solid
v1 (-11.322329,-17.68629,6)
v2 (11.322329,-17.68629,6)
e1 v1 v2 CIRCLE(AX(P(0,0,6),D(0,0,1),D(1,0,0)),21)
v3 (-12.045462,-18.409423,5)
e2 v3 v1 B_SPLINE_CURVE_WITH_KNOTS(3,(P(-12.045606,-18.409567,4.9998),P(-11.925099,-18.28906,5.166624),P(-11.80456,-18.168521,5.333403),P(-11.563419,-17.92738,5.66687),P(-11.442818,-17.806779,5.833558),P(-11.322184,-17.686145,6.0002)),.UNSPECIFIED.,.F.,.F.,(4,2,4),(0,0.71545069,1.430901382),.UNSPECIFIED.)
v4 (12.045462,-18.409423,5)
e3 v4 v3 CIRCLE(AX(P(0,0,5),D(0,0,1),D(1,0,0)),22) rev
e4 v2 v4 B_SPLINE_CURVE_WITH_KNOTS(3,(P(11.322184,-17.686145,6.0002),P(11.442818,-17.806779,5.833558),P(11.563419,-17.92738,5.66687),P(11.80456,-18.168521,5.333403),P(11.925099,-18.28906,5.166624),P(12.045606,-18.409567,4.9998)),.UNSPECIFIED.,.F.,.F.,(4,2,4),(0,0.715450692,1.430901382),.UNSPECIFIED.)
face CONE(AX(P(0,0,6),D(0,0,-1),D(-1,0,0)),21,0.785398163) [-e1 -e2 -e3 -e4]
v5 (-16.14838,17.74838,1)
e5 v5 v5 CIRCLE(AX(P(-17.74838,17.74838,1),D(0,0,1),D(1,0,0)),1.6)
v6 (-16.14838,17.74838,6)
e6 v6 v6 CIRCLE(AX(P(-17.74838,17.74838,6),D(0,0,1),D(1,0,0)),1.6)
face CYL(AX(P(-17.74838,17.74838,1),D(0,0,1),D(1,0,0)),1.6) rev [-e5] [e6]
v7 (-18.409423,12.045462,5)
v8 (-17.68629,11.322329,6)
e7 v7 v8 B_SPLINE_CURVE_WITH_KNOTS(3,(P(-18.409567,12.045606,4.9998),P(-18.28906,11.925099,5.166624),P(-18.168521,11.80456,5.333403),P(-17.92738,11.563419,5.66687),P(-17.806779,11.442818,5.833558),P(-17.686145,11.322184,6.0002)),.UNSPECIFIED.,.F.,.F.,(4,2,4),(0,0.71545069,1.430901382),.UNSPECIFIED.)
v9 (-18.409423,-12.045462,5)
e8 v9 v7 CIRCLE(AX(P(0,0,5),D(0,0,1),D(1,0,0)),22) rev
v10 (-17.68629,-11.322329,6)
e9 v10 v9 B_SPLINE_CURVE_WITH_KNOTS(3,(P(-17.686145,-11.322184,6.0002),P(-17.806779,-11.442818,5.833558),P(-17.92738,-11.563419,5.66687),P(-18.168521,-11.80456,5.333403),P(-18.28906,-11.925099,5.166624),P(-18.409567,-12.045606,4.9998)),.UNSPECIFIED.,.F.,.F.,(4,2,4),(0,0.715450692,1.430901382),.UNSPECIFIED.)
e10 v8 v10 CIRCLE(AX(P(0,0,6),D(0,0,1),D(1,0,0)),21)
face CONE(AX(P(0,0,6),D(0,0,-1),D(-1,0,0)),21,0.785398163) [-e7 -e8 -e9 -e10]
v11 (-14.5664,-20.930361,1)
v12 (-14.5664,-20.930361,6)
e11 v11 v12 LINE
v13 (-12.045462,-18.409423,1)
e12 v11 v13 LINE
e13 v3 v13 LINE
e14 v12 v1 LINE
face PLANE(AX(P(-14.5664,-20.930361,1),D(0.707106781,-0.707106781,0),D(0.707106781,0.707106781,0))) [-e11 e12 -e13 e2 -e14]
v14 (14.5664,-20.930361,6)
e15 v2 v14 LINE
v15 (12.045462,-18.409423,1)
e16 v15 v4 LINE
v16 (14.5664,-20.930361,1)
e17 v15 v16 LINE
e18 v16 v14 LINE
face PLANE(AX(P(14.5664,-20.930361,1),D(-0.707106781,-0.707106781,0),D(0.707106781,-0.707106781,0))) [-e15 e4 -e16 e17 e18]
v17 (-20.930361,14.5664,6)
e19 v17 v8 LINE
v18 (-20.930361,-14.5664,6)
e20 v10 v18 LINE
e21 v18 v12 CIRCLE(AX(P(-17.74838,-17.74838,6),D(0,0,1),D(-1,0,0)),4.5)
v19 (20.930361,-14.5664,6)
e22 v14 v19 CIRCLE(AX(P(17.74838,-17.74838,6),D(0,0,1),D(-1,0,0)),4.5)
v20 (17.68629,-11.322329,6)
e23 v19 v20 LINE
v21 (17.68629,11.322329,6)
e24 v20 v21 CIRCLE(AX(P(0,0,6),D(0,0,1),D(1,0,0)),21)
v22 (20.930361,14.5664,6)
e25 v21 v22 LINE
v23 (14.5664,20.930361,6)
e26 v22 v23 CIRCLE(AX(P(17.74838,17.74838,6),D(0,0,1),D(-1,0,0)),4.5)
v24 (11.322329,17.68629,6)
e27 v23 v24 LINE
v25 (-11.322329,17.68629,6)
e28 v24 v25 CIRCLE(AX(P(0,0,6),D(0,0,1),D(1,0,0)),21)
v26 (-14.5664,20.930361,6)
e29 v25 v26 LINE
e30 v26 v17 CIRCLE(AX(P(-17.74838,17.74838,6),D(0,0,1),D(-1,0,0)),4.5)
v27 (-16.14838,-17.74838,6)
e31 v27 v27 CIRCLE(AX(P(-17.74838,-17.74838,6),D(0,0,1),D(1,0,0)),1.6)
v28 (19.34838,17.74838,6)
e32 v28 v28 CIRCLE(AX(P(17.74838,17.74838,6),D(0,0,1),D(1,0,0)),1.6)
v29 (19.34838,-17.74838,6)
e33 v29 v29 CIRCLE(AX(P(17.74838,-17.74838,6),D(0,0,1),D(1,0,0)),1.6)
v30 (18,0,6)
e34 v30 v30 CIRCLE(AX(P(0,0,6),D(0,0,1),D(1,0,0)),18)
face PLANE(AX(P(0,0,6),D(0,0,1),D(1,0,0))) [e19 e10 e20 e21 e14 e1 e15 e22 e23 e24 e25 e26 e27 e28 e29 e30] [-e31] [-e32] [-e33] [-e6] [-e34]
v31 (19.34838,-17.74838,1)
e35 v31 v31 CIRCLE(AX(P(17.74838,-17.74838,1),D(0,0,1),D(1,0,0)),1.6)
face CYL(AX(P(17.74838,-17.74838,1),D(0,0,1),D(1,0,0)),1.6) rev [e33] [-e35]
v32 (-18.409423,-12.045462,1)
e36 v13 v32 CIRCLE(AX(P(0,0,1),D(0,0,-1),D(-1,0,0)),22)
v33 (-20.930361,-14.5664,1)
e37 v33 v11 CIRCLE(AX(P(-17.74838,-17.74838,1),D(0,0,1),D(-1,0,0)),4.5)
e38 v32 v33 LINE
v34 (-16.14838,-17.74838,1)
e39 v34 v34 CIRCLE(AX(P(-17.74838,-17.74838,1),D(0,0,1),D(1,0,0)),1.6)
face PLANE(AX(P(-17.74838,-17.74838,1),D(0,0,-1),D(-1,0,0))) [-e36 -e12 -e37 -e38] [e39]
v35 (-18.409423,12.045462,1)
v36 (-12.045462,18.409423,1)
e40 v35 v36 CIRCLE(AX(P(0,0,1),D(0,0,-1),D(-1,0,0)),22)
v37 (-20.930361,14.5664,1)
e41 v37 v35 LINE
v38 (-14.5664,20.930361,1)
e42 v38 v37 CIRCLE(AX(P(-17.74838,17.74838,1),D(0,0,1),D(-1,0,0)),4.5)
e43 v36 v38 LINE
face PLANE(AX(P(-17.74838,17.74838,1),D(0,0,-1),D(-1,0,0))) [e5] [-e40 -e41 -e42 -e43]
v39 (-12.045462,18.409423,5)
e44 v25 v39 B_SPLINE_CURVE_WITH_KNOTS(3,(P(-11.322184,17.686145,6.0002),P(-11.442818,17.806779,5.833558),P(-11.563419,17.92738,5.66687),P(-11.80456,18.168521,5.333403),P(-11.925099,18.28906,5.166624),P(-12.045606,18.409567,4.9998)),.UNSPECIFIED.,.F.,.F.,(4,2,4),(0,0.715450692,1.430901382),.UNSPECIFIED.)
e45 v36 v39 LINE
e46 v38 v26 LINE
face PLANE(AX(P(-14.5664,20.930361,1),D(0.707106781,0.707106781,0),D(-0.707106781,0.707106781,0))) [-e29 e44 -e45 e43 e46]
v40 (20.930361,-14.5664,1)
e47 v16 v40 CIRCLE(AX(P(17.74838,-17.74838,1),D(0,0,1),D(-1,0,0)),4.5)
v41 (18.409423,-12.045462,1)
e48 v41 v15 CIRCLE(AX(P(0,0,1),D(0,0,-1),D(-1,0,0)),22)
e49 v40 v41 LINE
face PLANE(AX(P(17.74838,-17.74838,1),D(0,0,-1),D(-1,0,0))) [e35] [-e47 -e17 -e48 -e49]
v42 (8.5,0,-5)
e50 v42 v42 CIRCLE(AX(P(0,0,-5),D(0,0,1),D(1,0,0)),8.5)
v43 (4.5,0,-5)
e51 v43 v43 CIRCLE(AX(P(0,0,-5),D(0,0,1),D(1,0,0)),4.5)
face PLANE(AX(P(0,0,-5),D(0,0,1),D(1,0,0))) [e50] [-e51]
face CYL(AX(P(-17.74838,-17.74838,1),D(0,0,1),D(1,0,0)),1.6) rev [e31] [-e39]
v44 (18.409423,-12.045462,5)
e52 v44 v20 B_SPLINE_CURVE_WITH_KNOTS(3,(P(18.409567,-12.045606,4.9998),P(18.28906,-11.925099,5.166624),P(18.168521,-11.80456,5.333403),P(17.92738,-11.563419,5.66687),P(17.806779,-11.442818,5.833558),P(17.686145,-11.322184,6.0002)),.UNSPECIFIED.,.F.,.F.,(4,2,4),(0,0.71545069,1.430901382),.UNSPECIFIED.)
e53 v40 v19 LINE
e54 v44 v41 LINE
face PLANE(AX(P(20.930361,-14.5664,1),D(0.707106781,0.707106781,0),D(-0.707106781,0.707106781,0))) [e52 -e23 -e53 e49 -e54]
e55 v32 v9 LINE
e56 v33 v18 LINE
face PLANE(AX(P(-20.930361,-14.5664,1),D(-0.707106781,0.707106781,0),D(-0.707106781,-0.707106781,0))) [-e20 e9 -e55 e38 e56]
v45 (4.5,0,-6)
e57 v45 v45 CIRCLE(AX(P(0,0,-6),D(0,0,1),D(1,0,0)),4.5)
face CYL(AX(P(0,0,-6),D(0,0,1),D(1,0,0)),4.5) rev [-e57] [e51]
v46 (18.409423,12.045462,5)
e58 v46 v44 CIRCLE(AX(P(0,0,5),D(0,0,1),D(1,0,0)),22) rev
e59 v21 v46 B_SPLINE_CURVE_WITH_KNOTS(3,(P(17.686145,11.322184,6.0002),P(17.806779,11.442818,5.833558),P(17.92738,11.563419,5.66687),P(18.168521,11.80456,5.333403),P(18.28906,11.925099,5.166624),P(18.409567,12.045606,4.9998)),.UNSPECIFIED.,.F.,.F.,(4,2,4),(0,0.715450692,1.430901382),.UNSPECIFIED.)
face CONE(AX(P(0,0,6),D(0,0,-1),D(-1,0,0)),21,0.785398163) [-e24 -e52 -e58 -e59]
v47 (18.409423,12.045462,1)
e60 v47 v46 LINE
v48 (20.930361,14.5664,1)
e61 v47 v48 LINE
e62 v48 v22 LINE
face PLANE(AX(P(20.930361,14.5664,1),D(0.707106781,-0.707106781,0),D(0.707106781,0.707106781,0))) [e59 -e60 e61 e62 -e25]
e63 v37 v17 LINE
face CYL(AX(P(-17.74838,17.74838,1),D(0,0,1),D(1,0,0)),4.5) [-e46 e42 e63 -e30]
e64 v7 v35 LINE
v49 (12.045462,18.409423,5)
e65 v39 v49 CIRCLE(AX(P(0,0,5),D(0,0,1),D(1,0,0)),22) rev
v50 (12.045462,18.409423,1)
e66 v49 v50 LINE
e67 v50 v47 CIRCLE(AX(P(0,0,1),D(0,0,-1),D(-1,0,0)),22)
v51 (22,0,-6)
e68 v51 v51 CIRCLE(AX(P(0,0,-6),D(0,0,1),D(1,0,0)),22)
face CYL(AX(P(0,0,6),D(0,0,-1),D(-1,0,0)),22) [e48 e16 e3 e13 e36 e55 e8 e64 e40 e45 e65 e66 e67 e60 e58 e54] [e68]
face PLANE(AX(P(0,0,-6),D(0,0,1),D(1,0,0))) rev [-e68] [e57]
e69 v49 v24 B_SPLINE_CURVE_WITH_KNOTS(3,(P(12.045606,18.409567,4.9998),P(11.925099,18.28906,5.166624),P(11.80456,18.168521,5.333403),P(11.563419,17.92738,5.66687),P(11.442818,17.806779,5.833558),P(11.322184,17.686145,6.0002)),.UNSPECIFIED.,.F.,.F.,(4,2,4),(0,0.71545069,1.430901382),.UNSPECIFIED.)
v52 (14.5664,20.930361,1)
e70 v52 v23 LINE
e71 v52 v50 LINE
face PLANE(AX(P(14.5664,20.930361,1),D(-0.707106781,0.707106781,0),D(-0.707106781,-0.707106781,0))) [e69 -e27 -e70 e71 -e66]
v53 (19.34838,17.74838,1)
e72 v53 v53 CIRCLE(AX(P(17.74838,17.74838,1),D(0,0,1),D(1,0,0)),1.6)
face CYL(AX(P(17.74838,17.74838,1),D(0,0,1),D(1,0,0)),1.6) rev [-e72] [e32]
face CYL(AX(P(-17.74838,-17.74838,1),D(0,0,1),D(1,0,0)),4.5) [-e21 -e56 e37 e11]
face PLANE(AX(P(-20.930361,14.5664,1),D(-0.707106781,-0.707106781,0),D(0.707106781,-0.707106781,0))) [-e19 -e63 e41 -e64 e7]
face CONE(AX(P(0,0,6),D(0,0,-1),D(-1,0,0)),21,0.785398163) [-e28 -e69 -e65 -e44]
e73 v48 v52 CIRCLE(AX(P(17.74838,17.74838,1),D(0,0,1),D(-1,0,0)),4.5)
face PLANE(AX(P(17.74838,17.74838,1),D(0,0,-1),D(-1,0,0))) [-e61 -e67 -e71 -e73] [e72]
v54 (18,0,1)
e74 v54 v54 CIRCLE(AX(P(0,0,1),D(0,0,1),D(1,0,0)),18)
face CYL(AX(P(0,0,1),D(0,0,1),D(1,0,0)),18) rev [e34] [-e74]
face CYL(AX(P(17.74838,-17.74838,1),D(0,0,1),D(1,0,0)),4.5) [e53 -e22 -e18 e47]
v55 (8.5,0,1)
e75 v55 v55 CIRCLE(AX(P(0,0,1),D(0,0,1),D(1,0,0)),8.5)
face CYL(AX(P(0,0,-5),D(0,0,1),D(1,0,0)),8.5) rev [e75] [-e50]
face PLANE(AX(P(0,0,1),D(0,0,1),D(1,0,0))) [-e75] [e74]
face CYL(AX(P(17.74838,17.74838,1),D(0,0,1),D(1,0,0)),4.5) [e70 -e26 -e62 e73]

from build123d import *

# Parameters (mm, degrees)
SKETCH1_R           = 22
BOSS_EXTRUDE1_DEPTH = 6
CHAMFER1_SIZE       = 1
SKETCH8_R           = 1.6
BOSS_EXTRUDE2_DEPTH = 5
SKETCH9_R           = 18
CUT_EXTRUDE1_DEPTH  = 5
SKETCH10_R          = 8.5
CUT_EXTRUDE2_DEPTH  = 6
SKETCH11_R          = 4.5
CUT_EXTRUDE3_DEPTH  = 1


with BuildPart() as part:
    # Sketch1 → Boss-Extrude1 (new, symmetric)
    with BuildSketch(Plane.XY):
        Circle(SKETCH1_R)
    extrude(amount=BOSS_EXTRUDE1_DEPTH, both=True)

    # Chamfer1
    chamfer1_edges = [part.edges().sort_by_distance(p)[0] for p in [
        (-22, 0, 6),
    ]]
    chamfer(chamfer1_edges, length=CHAMFER1_SIZE)

    # Sketch8 → Boss-Extrude2 (add)
    # profile 1 of 4: a face of its own
    with BuildSketch(Plane.XY.offset(6)):
        with BuildLine():
            Line((20.930360723, -14.566399692), (17.68629022, -11.322329189))
            Line((17.68629022, -11.322329189), (11.322329189, -17.68629022))
            Line((11.322329189, -17.68629022), (14.566399692, -20.930360723))
            ThreePointArc((14.566399692, -20.930360723), (20.930360723, -20.930360723), (20.930360723, -14.566399692))
        make_face()
        with Locations((17.748380208, -17.748380208)):
            Circle(SKETCH8_R, mode=Mode.SUBTRACT)
    # profile 2 of 4: a face of its own
    with BuildSketch(Plane.XY.offset(6)):
        with BuildLine():
            Line((14.566399692, 20.930360723), (11.322329189, 17.68629022))
            Line((11.322329189, 17.68629022), (17.68629022, 11.322329189))
            Line((17.68629022, 11.322329189), (20.930360723, 14.566399692))
            ThreePointArc((20.930360723, 14.566399692), (20.930360723, 20.930360723), (14.566399692, 20.930360723))
        make_face()
        with Locations((17.748380208, 17.748380208)):
            Circle(SKETCH8_R, mode=Mode.SUBTRACT)
    # profile 3 of 4: a face of its own
    with BuildSketch(Plane.XY.offset(6)):
        with BuildLine():
            Line((-14.566399692, -20.930360723), (-11.322329189, -17.68629022))
            Line((-11.322329189, -17.68629022), (-17.68629022, -11.322329189))
            Line((-17.68629022, -11.322329189), (-20.930360723, -14.566399692))
            ThreePointArc((-20.930360723, -14.566399692), (-20.930360723, -20.930360723), (-14.566399692, -20.930360723))
        make_face()
        with Locations((-17.748380208, -17.748380208)):
            Circle(SKETCH8_R, mode=Mode.SUBTRACT)
    # profile 4 of 4: a face of its own
    with BuildSketch(Plane.XY.offset(6)):
        with BuildLine():
            Line((-20.930360723, 14.566399692), (-17.68629022, 11.322329189))
            Line((-17.68629022, 11.322329189), (-11.322329189, 17.68629022))
            Line((-11.322329189, 17.68629022), (-14.566399692, 20.930360723))
            ThreePointArc((-14.566399692, 20.930360723), (-20.930360723, 20.930360723), (-20.930360723, 14.566399692))
        make_face()
        with Locations((-17.748380208, 17.748380208)):
            Circle(SKETCH8_R, mode=Mode.SUBTRACT)
    extrude(amount=-BOSS_EXTRUDE2_DEPTH)

    # Sketch9 → Cut-Extrude1 (cut)
    with BuildSketch(Plane.XY.offset(6)):
        Circle(SKETCH9_R)
    extrude(amount=-CUT_EXTRUDE1_DEPTH, mode=Mode.SUBTRACT)

    # Sketch10 → Cut-Extrude2 (cut)
    with BuildSketch(Plane.XY.offset(1)):
        Circle(SKETCH10_R)
    extrude(amount=-CUT_EXTRUDE2_DEPTH, mode=Mode.SUBTRACT)

    # Sketch11 → Cut-Extrude3 (cut)
    with BuildSketch(Plane.XY.offset(-5)):
        Circle(SKETCH11_R)
    extrude(amount=-CUT_EXTRUDE3_DEPTH, mode=Mode.SUBTRACT)


solid = part.part
